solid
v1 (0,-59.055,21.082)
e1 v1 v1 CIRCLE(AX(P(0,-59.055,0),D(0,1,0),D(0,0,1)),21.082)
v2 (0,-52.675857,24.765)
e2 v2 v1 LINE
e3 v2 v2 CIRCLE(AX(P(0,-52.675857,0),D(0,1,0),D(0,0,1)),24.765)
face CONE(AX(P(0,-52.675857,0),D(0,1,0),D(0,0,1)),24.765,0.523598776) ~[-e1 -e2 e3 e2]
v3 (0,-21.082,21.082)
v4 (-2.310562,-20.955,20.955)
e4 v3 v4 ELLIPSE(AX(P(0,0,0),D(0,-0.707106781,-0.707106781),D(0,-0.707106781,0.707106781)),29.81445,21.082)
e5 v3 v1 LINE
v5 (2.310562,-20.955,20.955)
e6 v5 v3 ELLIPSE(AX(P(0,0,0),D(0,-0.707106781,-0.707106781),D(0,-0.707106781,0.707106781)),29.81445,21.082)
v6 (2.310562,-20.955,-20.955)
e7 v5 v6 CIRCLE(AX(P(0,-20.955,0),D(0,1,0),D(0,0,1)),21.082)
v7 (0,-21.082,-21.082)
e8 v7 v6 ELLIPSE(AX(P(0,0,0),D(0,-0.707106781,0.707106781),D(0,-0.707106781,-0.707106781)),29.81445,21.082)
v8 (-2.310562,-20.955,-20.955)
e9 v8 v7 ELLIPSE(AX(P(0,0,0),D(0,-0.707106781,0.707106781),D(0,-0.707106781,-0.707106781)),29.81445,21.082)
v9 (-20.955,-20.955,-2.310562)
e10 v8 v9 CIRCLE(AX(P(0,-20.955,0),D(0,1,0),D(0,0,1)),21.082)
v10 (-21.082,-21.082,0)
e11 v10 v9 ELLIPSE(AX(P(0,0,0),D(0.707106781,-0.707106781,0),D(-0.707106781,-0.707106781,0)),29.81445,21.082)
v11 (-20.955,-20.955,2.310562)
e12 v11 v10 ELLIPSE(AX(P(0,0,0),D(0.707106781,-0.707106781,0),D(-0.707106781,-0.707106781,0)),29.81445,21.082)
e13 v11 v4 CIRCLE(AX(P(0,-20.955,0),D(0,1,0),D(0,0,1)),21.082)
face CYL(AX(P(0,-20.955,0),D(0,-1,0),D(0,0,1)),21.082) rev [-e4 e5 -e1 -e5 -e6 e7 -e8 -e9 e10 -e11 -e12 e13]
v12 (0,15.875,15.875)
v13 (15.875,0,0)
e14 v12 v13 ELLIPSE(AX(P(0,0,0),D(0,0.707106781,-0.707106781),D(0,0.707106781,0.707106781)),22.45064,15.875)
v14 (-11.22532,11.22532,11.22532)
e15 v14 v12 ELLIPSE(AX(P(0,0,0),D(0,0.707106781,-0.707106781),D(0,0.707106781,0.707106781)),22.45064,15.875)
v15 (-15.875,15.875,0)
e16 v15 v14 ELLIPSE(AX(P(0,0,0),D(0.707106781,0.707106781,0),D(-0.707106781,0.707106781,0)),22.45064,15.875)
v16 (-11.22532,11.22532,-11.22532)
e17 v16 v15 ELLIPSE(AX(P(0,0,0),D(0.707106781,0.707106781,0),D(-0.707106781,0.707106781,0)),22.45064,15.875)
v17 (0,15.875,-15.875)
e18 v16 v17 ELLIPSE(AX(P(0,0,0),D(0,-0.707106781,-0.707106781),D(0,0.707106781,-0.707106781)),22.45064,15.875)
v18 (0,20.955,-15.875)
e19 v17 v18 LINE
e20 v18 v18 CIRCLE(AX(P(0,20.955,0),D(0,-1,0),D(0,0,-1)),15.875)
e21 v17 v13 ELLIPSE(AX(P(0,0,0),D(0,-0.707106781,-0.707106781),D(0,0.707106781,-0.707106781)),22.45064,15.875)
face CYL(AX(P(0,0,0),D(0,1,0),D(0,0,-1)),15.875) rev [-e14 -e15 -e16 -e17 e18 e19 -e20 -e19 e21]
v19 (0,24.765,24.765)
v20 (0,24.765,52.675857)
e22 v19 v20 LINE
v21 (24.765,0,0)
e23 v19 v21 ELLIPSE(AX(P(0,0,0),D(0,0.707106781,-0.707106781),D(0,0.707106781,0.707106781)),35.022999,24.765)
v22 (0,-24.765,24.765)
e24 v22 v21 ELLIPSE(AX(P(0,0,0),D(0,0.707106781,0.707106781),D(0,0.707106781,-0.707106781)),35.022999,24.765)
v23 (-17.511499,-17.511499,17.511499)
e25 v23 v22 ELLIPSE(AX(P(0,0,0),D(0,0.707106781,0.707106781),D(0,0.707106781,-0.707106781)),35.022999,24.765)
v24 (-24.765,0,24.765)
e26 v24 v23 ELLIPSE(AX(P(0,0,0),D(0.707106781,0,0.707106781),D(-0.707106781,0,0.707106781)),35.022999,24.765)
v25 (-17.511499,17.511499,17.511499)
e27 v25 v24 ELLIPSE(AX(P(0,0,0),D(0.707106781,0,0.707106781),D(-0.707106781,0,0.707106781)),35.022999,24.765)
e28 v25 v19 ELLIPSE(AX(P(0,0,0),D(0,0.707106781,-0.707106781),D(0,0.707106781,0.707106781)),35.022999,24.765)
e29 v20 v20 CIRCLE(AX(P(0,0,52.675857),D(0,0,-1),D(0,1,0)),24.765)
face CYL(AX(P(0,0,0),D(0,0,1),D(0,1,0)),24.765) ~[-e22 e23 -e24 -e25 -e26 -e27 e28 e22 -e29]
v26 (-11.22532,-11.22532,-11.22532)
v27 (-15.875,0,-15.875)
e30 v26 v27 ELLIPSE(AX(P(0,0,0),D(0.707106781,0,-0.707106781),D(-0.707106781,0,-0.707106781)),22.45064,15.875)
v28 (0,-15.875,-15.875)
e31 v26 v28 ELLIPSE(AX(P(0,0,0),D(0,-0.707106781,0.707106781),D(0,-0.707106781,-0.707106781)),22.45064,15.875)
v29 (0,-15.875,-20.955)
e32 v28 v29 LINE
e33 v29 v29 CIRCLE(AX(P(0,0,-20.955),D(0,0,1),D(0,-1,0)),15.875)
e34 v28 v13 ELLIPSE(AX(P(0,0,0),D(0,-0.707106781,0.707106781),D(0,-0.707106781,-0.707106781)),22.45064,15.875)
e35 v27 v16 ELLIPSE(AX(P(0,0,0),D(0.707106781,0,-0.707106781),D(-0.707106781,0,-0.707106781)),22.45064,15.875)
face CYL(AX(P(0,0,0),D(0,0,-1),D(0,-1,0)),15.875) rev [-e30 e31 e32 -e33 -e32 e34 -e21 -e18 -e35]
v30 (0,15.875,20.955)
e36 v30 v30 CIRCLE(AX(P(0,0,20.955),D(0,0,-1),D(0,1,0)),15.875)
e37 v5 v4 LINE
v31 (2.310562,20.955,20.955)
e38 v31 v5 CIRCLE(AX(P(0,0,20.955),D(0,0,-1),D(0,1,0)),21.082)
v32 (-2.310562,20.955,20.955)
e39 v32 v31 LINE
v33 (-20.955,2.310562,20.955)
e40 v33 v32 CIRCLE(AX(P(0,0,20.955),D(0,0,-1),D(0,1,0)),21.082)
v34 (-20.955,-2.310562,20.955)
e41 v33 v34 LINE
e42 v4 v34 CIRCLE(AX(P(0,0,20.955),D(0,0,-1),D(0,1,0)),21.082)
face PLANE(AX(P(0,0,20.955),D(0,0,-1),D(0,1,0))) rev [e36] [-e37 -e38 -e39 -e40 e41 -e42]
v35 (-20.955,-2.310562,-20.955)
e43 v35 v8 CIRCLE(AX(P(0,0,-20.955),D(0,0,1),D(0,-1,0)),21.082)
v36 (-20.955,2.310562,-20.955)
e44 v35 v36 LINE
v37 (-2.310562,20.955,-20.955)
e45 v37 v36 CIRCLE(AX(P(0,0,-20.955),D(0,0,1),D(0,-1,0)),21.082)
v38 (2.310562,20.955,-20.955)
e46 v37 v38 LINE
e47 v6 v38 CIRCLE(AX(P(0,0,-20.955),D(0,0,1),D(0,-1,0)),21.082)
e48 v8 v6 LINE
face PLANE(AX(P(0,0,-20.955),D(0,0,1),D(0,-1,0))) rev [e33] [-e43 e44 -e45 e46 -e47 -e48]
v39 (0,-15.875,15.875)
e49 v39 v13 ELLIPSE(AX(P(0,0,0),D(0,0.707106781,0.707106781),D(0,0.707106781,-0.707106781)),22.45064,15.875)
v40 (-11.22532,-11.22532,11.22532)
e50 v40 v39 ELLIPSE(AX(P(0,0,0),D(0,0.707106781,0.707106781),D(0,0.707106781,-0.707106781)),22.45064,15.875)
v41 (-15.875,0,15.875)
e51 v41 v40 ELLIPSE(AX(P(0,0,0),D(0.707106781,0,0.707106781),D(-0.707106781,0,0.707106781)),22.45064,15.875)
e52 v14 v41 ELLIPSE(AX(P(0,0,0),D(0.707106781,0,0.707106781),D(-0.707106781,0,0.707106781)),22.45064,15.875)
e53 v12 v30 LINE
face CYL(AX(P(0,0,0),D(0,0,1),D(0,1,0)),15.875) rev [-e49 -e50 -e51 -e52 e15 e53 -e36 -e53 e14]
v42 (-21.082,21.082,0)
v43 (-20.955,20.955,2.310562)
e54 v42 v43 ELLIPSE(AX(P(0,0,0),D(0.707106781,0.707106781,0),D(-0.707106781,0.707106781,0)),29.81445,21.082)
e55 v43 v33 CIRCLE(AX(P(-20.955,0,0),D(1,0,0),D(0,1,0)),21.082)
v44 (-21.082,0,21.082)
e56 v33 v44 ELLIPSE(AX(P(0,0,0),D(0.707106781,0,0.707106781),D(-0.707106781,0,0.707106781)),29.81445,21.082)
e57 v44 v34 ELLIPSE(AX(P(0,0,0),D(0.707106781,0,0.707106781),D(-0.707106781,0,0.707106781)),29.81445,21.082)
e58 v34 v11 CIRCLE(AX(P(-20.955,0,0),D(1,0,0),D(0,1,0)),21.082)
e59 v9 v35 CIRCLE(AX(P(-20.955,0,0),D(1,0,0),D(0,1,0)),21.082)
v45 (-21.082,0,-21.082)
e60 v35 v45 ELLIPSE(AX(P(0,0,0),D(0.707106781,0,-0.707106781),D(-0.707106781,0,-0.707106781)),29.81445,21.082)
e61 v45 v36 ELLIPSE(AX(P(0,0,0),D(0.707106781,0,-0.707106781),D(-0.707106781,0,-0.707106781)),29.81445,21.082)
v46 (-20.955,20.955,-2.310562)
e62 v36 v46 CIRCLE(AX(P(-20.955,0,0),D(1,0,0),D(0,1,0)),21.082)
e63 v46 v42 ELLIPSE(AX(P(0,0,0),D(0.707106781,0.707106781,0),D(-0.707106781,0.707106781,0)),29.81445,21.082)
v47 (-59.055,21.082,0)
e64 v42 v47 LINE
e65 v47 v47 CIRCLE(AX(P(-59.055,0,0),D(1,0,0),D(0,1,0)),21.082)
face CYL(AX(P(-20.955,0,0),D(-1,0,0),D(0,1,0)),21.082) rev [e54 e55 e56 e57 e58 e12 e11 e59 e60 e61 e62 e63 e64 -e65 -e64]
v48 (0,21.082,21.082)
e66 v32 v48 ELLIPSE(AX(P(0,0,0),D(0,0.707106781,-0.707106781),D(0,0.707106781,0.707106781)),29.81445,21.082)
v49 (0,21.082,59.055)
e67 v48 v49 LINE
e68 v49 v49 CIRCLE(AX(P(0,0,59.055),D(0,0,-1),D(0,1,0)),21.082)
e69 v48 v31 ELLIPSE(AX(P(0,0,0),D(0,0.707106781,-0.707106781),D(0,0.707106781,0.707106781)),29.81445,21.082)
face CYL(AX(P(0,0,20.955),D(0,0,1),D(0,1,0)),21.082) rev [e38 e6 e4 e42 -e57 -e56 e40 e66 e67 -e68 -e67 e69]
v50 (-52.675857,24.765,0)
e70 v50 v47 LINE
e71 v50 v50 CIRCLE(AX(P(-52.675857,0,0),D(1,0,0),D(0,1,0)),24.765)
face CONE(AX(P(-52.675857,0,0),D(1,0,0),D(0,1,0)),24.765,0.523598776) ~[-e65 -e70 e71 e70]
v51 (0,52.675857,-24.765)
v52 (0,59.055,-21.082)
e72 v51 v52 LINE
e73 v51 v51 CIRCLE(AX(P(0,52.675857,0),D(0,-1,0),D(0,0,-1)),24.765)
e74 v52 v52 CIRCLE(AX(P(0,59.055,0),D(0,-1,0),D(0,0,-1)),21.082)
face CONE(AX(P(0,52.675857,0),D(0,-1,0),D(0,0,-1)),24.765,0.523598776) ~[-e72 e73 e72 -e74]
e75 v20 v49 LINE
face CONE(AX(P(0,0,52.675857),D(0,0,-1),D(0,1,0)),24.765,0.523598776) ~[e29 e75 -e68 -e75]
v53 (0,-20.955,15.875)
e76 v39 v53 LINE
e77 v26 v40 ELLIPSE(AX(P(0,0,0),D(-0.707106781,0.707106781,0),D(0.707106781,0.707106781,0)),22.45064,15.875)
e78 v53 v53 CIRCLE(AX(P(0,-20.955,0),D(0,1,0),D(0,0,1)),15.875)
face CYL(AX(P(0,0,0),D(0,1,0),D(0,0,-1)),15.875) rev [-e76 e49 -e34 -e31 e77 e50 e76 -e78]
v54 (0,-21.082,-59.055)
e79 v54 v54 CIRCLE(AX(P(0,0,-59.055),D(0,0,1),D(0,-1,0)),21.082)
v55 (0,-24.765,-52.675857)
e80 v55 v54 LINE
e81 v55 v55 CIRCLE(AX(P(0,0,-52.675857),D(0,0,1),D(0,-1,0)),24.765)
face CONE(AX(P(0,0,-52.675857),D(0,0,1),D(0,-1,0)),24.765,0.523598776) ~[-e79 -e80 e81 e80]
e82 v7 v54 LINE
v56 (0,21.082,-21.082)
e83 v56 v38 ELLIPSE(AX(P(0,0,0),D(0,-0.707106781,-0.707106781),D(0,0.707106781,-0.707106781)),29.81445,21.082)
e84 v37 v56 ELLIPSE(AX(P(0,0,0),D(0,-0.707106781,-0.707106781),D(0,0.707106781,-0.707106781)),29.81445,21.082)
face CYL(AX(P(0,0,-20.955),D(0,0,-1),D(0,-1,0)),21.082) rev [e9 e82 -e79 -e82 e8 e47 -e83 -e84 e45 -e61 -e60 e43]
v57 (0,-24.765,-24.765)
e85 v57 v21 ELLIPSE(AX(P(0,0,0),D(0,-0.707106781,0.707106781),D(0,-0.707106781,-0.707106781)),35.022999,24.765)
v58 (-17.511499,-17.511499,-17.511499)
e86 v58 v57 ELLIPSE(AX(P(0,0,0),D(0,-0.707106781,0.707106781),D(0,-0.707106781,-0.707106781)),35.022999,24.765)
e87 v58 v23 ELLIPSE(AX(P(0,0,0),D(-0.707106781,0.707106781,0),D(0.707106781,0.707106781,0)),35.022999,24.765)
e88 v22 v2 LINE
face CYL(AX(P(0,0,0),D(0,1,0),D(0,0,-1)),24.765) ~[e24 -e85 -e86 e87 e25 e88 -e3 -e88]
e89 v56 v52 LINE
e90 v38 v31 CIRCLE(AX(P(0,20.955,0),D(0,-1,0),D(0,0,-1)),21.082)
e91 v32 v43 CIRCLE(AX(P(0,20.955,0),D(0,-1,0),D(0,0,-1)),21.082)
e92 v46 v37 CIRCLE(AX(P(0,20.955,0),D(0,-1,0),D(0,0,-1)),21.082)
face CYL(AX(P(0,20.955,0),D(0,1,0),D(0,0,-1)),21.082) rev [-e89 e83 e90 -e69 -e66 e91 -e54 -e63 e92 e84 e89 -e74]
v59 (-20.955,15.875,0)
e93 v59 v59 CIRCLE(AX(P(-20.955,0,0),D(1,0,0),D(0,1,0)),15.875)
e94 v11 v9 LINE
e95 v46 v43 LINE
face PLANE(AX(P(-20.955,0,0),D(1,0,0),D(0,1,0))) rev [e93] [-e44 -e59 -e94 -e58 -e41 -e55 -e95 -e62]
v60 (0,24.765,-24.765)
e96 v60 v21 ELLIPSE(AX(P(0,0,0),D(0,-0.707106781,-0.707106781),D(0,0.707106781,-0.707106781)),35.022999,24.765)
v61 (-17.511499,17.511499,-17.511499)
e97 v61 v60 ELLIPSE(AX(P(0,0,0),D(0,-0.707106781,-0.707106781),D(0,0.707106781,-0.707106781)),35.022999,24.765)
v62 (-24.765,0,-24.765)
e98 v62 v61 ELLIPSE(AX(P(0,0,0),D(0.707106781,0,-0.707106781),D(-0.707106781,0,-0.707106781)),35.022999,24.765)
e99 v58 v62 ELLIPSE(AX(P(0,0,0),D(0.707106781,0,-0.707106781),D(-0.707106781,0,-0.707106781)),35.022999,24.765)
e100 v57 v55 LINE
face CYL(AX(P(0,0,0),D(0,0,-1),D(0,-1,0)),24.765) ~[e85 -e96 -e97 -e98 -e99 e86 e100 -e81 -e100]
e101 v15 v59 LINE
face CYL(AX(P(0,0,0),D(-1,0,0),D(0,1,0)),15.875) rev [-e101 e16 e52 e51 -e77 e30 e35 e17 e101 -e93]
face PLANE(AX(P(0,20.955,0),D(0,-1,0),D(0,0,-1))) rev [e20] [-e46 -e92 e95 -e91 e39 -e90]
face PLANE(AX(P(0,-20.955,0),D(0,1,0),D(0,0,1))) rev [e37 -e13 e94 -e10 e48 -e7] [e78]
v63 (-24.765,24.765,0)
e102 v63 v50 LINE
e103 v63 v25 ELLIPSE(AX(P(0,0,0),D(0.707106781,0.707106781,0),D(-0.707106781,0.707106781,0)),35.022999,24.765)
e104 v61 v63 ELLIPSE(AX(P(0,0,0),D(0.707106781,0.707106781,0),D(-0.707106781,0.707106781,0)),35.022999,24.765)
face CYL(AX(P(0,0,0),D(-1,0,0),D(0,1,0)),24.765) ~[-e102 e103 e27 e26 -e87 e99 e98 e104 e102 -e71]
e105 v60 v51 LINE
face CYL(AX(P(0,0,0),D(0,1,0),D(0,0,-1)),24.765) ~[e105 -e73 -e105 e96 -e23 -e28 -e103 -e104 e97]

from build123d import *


with BuildPart() as f5:
    # F0 (on Right) → F5 (revolve)
    with BuildSketch(Plane.YZ):
        with BuildLine():
            Line((-52.6758568757, 24.765), (-59.055, 21.082))
            Line((-59.055, 21.082), (-20.955, 21.082))
            Line((-20.955, 21.082), (-20.955, 15.875))
            Line((-20.955, 15.875), (0, 15.875))
            ThreePointArc((0, 15.875), (11.2253201513, 11.2253201513), (15.875, 0))
            Line((15.875, 0), (24.765, 0))
            ThreePointArc((24.765, 0), (17.5114994361, 17.5114994361), (0, 24.765))
            Line((0, 24.765), (-52.6758568757, 24.765))
        make_face()
        with BuildLine():
            Line((-20.955, 21.082), (-59.055, 21.082))
            Line((-59.055, 21.082), (-59.055, 0))
            Line((-59.055, 0), (0, 0))
            Line((0, 0), (10.5189766587, 0))
            Line((10.5189766587, 0), (15.875, 0))
            ThreePointArc((15.875, 0), (11.2253201513, 11.2253201513), (0, 15.875))
            Line((0, 15.875), (-20.955, 15.875))
            Line((-20.955, 15.875), (-20.955, 21.082))
        make_face()
    revolve(axis=Axis((0, -21.59, 0), (0, 1, 0)))

    # F1 (on Right) → F6 (revolve)
    with BuildSketch(Plane.YZ):
        with BuildLine():
            Line((-24.765, -52.6758568757), (-21.082, -59.055))
            Line((-21.082, -59.055), (-21.082, -20.955))
            Line((-21.082, -20.955), (-15.875, -20.955))
            Line((-15.875, -20.955), (-15.875, 0))
            ThreePointArc((-15.875, 0), (-11.2253201513, 11.2253201513), (0, 15.875))
            Line((0, 15.875), (0, 24.765))
            ThreePointArc((0, 24.765), (-17.5114994361, 17.5114994361), (-24.765, 0))
            Line((-24.765, 0), (-24.765, -52.6758568757))
        make_face()
        with BuildLine():
            Line((-21.082, -20.955), (-21.082, -59.055))
            Line((-21.082, -59.055), (0, -59.055))
            Line((0, -59.055), (0, 0))
            Line((0, 0), (0, 15.875))
            ThreePointArc((0, 15.875), (-11.2253201513, 11.2253201513), (-15.875, 0))
            Line((-15.875, 0), (-15.875, -20.955))
            Line((-15.875, -20.955), (-21.082, -20.955))
        make_face()
    revolve(axis=Axis((0, 0, -21.59), (0, 0, 1)))

    # F2 (on Right) → F7 (revolve)
    with BuildSketch(Plane.YZ):
        with BuildLine():
            Line((52.6758568757, -24.765), (59.055, -21.082))
            Line((59.055, -21.082), (20.955, -21.082))
            Line((20.955, -21.082), (20.955, -15.875))
            Line((20.955, -15.875), (0, -15.875))
            ThreePointArc((0, -15.875), (-11.2253201513, -11.2253201513), (-15.875, 0))
            Line((-15.875, 0), (-24.765, 0))
            ThreePointArc((-24.765, 0), (-17.5114994361, -17.5114994361), (0, -24.765))
            Line((0, -24.765), (52.6758568757, -24.765))
        make_face()
        with BuildLine():
            Line((20.955, -21.082), (59.055, -21.082))
            Line((59.055, -21.082), (59.055, 0))
            Line((59.055, 0), (10.5189766587, 0))
            Line((10.5189766587, 0), (0, 0))
            Line((0, 0), (-15.875, 0))
            ThreePointArc((-15.875, 0), (-11.2253201513, -11.2253201513), (0, -15.875))
            Line((0, -15.875), (20.955, -15.875))
            Line((20.955, -15.875), (20.955, -21.082))
        make_face()
    revolve(axis=Axis((0, 21.59, 0), (0, -1, 0)))

    # F3 (on Right) → F8 (revolve)
    with BuildSketch(Plane.YZ):
        with BuildLine():
            Line((24.765, 52.6758568757), (21.082, 59.055))
            Line((21.082, 59.055), (21.082, 20.955))
            Line((21.082, 20.955), (15.875, 20.955))
            Line((15.875, 20.955), (15.875, 0))
            ThreePointArc((15.875, 0), (11.2253201513, -11.2253201513), (0, -15.875))
            Line((0, -15.875), (0, -24.765))
            ThreePointArc((0, -24.765), (17.5114994361, -17.5114994361), (24.765, 0))
            Line((24.765, 0), (24.765, 52.6758568757))
        make_face()
        with BuildLine():
            Line((21.082, 20.955), (21.082, 59.055))
            Line((21.082, 59.055), (0, 59.055))
            Line((0, 59.055), (0, 9.2996467855))
            Line((0, 9.2996467855), (0, 0))
            Line((0, 0), (0, -15.875))
            ThreePointArc((0, -15.875), (11.2253201513, -11.2253201513), (15.875, 0))
            Line((15.875, 0), (15.875, 20.955))
            Line((15.875, 20.955), (21.082, 20.955))
        make_face()
    revolve(axis=Axis((0, 0, 21.59), (0, 0, -1)))

    # F4 (on Top) → F9 (revolve)
    with BuildSketch(Plane.XY):
        with BuildLine():
            Line((-52.6758568757, 24.765), (-59.055, 21.082))
            Line((-59.055, 21.082), (-20.955, 21.082))
            Line((-20.955, 21.082), (-20.955, 15.875))
            Line((-20.955, 15.875), (0, 15.875))
            ThreePointArc((0, 15.875), (11.2253201513, 11.2253201513), (15.875, 0))
            Line((15.875, 0), (24.765, 0))
            ThreePointArc((24.765, 0), (17.5114994361, 17.5114994361), (0, 24.765))
            Line((0, 24.765), (-52.6758568757, 24.765))
        make_face()
        with BuildLine():
            Line((-20.955, 21.082), (-59.055, 21.082))
            Line((-59.055, 21.082), (-59.055, 0))
            Line((-59.055, 0), (-12.5608257832, 0))
            Line((-12.5608257832, 0), (0, 0))
            Line((0, 0), (15.875, 0))
            ThreePointArc((15.875, 0), (11.2253201513, 11.2253201513), (0, 15.875))
            Line((0, 15.875), (-20.955, 15.875))
            Line((-20.955, 15.875), (-20.955, 21.082))
        make_face()
    revolve(axis=Axis((-21.59, 0, 0), (1, 0, 0)))

    # F0 (on Right) → F10 (revolve, cut)
    with BuildSketch(Plane.YZ):
        with BuildLine():
            Line((-20.955, 21.082), (-59.055, 21.082))
            Line((-59.055, 21.082), (-59.055, 0))
            Line((-59.055, 0), (0, 0))
            Line((0, 0), (10.5189766587, 0))
            Line((10.5189766587, 0), (15.875, 0))
            ThreePointArc((15.875, 0), (11.2253201513, 11.2253201513), (0, 15.875))
            Line((0, 15.875), (-20.955, 15.875))
            Line((-20.955, 15.875), (-20.955, 21.082))
        make_face()
    revolve(axis=Axis((0, -21.59, 0), (0, 1, 0)), mode=Mode.SUBTRACT)

    # F1 (on Right) → F11 (revolve, cut)
    with BuildSketch(Plane.YZ):
        with BuildLine():
            Line((-21.082, -20.955), (-21.082, -59.055))
            Line((-21.082, -59.055), (0, -59.055))
            Line((0, -59.055), (0, 0))
            Line((0, 0), (0, 15.875))
            ThreePointArc((0, 15.875), (-11.2253201513, 11.2253201513), (-15.875, 0))
            Line((-15.875, 0), (-15.875, -20.955))
            Line((-15.875, -20.955), (-21.082, -20.955))
        make_face()
    revolve(axis=Axis((0, 0, -21.59), (0, 0, 1)), mode=Mode.SUBTRACT)

    # F2 (on Right) → F12 (revolve, cut)
    with BuildSketch(Plane.YZ):
        with BuildLine():
            Line((20.955, -21.082), (59.055, -21.082))
            Line((59.055, -21.082), (59.055, 0))
            Line((59.055, 0), (10.5189766587, 0))
            Line((10.5189766587, 0), (0, 0))
            Line((0, 0), (-15.875, 0))
            ThreePointArc((-15.875, 0), (-11.2253201513, -11.2253201513), (0, -15.875))
            Line((0, -15.875), (20.955, -15.875))
            Line((20.955, -15.875), (20.955, -21.082))
        make_face()
    revolve(axis=Axis((0, 21.59, 0), (0, -1, 0)), mode=Mode.SUBTRACT)

    # F3 (on Right) → F13 (revolve, cut)
    with BuildSketch(Plane.YZ):
        with BuildLine():
            Line((21.082, 20.955), (21.082, 59.055))
            Line((21.082, 59.055), (0, 59.055))
            Line((0, 59.055), (0, 9.2996467855))
            Line((0, 9.2996467855), (0, 0))
            Line((0, 0), (0, -15.875))
            ThreePointArc((0, -15.875), (11.2253201513, -11.2253201513), (15.875, 0))
            Line((15.875, 0), (15.875, 20.955))
            Line((15.875, 20.955), (21.082, 20.955))
        make_face()
    revolve(axis=Axis((0, 0, 21.59), (0, 0, -1)), mode=Mode.SUBTRACT)

    # F4 (on Top) → F14 (revolve, cut)
    with BuildSketch(Plane.XY):
        with BuildLine():
            Line((-20.955, 21.082), (-59.055, 21.082))
            Line((-59.055, 21.082), (-59.055, 0))
            Line((-59.055, 0), (-12.5608257832, 0))
            Line((-12.5608257832, 0), (0, 0))
            Line((0, 0), (15.875, 0))
            ThreePointArc((15.875, 0), (11.2253201513, 11.2253201513), (0, 15.875))
            Line((0, 15.875), (-20.955, 15.875))
            Line((-20.955, 15.875), (-20.955, 21.082))
        make_face()
    revolve(axis=Axis((-21.59, 0, 0), (1, 0, 0)), mode=Mode.SUBTRACT)


solid = f5.part
